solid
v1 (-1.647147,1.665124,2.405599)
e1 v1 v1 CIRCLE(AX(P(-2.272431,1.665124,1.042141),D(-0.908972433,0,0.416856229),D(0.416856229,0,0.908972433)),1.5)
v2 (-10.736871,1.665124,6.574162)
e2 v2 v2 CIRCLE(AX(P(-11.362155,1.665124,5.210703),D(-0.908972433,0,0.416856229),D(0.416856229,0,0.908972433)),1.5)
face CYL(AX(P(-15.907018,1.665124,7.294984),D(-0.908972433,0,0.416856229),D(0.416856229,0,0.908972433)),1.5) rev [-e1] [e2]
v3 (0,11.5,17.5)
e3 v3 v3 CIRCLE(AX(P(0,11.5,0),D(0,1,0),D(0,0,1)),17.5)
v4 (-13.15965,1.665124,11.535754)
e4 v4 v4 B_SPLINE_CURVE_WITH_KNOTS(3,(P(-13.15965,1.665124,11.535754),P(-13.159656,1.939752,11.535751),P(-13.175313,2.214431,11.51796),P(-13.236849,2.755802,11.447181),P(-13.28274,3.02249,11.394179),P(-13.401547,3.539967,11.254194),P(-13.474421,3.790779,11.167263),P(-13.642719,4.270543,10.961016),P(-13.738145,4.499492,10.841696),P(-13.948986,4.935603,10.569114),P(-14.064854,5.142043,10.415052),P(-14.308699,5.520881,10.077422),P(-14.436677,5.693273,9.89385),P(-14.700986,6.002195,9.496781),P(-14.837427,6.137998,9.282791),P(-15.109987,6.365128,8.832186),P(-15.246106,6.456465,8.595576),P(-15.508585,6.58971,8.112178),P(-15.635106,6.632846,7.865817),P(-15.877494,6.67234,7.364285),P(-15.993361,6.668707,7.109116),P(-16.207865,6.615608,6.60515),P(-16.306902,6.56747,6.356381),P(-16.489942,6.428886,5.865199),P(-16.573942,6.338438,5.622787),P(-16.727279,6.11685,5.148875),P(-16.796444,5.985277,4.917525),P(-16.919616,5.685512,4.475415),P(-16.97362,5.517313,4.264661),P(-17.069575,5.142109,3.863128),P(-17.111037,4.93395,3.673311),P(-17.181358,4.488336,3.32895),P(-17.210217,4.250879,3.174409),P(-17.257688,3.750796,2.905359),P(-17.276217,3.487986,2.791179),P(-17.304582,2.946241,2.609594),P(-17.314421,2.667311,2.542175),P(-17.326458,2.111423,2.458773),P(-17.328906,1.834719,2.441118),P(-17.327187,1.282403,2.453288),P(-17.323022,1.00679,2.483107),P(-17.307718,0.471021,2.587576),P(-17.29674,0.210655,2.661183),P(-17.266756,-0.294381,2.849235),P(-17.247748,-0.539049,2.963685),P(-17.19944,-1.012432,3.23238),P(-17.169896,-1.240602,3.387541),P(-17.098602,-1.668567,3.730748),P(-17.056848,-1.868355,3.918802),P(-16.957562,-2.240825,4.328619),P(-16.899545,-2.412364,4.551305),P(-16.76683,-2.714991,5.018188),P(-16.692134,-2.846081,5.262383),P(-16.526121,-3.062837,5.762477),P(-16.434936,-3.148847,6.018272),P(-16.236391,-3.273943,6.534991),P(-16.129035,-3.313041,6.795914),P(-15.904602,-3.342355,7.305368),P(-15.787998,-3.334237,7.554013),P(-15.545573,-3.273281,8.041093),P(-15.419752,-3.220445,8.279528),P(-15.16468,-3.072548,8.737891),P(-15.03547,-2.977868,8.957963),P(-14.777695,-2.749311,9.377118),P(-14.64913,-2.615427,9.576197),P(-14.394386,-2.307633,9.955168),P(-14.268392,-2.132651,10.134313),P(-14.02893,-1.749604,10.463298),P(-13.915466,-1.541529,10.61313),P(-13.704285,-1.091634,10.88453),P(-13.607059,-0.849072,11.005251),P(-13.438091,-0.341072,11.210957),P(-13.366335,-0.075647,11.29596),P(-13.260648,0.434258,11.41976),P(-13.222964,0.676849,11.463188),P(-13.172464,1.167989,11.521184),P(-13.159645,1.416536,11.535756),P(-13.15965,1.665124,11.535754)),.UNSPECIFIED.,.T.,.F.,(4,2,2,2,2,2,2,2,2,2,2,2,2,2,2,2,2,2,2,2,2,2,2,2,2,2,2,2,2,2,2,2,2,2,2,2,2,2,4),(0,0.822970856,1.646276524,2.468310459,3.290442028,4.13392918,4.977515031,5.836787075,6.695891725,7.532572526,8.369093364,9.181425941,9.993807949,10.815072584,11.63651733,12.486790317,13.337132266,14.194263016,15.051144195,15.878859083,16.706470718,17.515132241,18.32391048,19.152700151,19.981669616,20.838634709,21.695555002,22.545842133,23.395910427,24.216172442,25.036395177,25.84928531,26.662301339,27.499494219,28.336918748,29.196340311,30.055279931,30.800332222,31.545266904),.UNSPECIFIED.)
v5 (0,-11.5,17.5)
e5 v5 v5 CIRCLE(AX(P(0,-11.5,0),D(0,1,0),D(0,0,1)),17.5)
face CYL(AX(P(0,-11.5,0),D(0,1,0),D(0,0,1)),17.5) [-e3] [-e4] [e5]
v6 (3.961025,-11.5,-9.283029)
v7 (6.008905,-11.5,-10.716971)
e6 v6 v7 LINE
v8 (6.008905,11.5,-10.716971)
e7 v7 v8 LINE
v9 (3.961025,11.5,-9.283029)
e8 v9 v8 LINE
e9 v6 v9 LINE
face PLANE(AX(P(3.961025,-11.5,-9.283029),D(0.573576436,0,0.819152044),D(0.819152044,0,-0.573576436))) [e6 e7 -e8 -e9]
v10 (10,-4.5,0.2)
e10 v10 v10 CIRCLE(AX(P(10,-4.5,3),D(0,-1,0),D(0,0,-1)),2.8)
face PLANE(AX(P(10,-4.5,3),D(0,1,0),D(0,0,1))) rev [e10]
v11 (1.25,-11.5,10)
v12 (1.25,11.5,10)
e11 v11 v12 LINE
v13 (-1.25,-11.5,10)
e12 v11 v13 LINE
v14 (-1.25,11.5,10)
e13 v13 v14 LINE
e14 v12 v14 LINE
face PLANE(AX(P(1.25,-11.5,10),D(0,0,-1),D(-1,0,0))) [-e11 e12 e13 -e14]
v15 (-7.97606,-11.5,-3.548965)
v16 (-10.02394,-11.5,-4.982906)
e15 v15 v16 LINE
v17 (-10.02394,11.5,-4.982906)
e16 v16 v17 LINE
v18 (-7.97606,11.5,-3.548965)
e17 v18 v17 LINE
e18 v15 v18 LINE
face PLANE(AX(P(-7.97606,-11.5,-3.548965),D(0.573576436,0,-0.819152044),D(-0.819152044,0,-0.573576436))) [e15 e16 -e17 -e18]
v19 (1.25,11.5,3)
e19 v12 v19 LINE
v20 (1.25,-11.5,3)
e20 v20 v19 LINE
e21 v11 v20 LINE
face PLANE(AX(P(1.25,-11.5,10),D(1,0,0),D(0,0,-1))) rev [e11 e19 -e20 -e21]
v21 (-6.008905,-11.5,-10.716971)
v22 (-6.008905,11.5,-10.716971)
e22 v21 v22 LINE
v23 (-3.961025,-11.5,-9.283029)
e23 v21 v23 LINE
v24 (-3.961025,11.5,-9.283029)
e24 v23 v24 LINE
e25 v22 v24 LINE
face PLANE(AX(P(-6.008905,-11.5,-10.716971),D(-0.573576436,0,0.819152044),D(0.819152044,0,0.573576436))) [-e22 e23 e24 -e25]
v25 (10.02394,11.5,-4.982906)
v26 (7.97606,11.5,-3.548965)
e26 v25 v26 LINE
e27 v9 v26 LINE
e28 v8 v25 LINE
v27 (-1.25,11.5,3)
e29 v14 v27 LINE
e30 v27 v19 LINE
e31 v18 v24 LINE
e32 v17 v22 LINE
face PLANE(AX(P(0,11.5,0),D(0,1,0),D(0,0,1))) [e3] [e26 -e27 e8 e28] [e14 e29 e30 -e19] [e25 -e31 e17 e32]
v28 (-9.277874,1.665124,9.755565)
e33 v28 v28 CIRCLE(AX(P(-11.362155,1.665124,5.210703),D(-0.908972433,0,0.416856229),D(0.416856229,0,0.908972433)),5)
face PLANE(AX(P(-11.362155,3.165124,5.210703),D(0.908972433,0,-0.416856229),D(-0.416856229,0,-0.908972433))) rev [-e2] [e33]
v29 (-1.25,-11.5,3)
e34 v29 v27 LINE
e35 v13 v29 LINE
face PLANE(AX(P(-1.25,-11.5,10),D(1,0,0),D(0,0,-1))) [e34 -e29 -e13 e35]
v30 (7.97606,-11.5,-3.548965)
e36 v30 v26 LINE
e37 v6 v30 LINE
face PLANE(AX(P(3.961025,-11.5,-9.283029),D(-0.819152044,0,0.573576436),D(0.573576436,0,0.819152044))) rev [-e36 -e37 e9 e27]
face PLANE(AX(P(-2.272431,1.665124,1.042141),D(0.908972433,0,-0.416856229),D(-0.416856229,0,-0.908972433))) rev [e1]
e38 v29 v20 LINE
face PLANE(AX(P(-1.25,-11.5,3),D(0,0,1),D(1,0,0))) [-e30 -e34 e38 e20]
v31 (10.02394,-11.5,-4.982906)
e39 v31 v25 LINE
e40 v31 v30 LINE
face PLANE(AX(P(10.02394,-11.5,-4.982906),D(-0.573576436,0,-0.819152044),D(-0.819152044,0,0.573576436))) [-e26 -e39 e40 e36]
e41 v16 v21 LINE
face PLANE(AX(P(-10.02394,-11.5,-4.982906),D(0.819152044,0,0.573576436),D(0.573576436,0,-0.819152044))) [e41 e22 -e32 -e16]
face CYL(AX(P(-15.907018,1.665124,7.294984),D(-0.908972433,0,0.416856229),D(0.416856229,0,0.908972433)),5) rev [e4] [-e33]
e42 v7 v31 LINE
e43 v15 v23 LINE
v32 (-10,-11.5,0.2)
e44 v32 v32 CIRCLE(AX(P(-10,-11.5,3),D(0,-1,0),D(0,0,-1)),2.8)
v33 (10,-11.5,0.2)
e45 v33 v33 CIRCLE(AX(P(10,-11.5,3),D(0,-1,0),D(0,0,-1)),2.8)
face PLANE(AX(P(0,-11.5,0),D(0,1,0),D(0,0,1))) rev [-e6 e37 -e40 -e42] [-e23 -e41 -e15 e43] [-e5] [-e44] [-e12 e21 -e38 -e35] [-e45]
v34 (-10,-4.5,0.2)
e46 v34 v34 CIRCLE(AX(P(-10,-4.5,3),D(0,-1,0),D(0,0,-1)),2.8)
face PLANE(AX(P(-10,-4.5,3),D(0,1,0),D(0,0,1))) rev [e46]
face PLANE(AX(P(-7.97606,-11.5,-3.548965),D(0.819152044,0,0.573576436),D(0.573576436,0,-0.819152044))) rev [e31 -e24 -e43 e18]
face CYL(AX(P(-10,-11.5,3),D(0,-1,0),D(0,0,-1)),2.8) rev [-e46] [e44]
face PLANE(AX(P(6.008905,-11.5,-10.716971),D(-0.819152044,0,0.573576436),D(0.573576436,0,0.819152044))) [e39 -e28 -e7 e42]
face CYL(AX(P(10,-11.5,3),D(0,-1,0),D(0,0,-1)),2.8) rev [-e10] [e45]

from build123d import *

# Parameters (mm, degrees)
SALIENTE_EXTRUIR1_DEPTH      = 11.5
SALIENTE_EXTRUIR1_DEPTH_BACK = 11.5
CROQUIS1_R                   = 17.5
CROQUIS2_W                   = 2.5
CROQUIS2_H                   = 7
CORTAR_EXTRUIR_L_MINA1_DEPTH = 34.786091813
TALADRO2_D                   = 5.6
TALADRO2_DEPTH               = 7
TALADRO3_D                   = 3
TALADRO3_DEPTH               = 15
TALADRO3_CBORE_D             = 10
TALADRO3_CBORE_DEPTH         = 5


with BuildPart() as part:
    # Croquis1 → Saliente-Extruir1 (new, two sides: drawn at the far end of the back side and taken through both)
    with BuildSketch(Plane(origin=(0, 0, 0), x_dir=(1, 0, 0), z_dir=(0, 1, 0)).offset(-SALIENTE_EXTRUIR1_DEPTH_BACK)):
        Circle(CROQUIS1_R)
    extrude(amount=SALIENTE_EXTRUIR1_DEPTH + SALIENTE_EXTRUIR1_DEPTH_BACK)

    # Croquis2 → Cortar-Extruir-Lámina1 (cut, through all)
    with BuildSketch(Plane(origin=(0, 11.5, 0), x_dir=(1, 0, 0), z_dir=(0, 1, 0))):
        with Locations((0, -6.5)):
            Rectangle(CROQUIS2_W, CROQUIS2_H)
        Polygon((-7.976059945, 3.548965145), (-3.96102489, 9.283029455), (-6.008905001, 10.716970545), (-10.023940055, 4.982906235), align=None)
        Polygon((3.96102489, 9.283029455), (7.976059945, 3.548965145), (10.023940055, 4.982906235), (6.008905001, 10.716970545), align=None)
    extrude(amount=-CORTAR_EXTRUIR_L_MINA1_DEPTH, mode=Mode.SUBTRACT)

    # Taladro2
    with Locations(Plane(origin=(0, -11.5, 0), x_dir=(-1, 0, 0), z_dir=(0, -1, 0))):
        with Locations((-10, -3), (10, -3)):
            Hole(TALADRO2_D / 2, depth=TALADRO2_DEPTH)

    # Taladro3
    with Locations(Plane(origin=(-15.907017578, 1.665123618, 7.294984015), x_dir=(-0.416856229443, 0, -0.908972433011), z_dir=(-0.908972433011, 0, 0.416856229443))):
        with Locations((0, 0)):
            CounterBoreHole(TALADRO3_D / 2, TALADRO3_CBORE_D / 2, TALADRO3_CBORE_DEPTH, depth=TALADRO3_DEPTH)


solid = part.part
